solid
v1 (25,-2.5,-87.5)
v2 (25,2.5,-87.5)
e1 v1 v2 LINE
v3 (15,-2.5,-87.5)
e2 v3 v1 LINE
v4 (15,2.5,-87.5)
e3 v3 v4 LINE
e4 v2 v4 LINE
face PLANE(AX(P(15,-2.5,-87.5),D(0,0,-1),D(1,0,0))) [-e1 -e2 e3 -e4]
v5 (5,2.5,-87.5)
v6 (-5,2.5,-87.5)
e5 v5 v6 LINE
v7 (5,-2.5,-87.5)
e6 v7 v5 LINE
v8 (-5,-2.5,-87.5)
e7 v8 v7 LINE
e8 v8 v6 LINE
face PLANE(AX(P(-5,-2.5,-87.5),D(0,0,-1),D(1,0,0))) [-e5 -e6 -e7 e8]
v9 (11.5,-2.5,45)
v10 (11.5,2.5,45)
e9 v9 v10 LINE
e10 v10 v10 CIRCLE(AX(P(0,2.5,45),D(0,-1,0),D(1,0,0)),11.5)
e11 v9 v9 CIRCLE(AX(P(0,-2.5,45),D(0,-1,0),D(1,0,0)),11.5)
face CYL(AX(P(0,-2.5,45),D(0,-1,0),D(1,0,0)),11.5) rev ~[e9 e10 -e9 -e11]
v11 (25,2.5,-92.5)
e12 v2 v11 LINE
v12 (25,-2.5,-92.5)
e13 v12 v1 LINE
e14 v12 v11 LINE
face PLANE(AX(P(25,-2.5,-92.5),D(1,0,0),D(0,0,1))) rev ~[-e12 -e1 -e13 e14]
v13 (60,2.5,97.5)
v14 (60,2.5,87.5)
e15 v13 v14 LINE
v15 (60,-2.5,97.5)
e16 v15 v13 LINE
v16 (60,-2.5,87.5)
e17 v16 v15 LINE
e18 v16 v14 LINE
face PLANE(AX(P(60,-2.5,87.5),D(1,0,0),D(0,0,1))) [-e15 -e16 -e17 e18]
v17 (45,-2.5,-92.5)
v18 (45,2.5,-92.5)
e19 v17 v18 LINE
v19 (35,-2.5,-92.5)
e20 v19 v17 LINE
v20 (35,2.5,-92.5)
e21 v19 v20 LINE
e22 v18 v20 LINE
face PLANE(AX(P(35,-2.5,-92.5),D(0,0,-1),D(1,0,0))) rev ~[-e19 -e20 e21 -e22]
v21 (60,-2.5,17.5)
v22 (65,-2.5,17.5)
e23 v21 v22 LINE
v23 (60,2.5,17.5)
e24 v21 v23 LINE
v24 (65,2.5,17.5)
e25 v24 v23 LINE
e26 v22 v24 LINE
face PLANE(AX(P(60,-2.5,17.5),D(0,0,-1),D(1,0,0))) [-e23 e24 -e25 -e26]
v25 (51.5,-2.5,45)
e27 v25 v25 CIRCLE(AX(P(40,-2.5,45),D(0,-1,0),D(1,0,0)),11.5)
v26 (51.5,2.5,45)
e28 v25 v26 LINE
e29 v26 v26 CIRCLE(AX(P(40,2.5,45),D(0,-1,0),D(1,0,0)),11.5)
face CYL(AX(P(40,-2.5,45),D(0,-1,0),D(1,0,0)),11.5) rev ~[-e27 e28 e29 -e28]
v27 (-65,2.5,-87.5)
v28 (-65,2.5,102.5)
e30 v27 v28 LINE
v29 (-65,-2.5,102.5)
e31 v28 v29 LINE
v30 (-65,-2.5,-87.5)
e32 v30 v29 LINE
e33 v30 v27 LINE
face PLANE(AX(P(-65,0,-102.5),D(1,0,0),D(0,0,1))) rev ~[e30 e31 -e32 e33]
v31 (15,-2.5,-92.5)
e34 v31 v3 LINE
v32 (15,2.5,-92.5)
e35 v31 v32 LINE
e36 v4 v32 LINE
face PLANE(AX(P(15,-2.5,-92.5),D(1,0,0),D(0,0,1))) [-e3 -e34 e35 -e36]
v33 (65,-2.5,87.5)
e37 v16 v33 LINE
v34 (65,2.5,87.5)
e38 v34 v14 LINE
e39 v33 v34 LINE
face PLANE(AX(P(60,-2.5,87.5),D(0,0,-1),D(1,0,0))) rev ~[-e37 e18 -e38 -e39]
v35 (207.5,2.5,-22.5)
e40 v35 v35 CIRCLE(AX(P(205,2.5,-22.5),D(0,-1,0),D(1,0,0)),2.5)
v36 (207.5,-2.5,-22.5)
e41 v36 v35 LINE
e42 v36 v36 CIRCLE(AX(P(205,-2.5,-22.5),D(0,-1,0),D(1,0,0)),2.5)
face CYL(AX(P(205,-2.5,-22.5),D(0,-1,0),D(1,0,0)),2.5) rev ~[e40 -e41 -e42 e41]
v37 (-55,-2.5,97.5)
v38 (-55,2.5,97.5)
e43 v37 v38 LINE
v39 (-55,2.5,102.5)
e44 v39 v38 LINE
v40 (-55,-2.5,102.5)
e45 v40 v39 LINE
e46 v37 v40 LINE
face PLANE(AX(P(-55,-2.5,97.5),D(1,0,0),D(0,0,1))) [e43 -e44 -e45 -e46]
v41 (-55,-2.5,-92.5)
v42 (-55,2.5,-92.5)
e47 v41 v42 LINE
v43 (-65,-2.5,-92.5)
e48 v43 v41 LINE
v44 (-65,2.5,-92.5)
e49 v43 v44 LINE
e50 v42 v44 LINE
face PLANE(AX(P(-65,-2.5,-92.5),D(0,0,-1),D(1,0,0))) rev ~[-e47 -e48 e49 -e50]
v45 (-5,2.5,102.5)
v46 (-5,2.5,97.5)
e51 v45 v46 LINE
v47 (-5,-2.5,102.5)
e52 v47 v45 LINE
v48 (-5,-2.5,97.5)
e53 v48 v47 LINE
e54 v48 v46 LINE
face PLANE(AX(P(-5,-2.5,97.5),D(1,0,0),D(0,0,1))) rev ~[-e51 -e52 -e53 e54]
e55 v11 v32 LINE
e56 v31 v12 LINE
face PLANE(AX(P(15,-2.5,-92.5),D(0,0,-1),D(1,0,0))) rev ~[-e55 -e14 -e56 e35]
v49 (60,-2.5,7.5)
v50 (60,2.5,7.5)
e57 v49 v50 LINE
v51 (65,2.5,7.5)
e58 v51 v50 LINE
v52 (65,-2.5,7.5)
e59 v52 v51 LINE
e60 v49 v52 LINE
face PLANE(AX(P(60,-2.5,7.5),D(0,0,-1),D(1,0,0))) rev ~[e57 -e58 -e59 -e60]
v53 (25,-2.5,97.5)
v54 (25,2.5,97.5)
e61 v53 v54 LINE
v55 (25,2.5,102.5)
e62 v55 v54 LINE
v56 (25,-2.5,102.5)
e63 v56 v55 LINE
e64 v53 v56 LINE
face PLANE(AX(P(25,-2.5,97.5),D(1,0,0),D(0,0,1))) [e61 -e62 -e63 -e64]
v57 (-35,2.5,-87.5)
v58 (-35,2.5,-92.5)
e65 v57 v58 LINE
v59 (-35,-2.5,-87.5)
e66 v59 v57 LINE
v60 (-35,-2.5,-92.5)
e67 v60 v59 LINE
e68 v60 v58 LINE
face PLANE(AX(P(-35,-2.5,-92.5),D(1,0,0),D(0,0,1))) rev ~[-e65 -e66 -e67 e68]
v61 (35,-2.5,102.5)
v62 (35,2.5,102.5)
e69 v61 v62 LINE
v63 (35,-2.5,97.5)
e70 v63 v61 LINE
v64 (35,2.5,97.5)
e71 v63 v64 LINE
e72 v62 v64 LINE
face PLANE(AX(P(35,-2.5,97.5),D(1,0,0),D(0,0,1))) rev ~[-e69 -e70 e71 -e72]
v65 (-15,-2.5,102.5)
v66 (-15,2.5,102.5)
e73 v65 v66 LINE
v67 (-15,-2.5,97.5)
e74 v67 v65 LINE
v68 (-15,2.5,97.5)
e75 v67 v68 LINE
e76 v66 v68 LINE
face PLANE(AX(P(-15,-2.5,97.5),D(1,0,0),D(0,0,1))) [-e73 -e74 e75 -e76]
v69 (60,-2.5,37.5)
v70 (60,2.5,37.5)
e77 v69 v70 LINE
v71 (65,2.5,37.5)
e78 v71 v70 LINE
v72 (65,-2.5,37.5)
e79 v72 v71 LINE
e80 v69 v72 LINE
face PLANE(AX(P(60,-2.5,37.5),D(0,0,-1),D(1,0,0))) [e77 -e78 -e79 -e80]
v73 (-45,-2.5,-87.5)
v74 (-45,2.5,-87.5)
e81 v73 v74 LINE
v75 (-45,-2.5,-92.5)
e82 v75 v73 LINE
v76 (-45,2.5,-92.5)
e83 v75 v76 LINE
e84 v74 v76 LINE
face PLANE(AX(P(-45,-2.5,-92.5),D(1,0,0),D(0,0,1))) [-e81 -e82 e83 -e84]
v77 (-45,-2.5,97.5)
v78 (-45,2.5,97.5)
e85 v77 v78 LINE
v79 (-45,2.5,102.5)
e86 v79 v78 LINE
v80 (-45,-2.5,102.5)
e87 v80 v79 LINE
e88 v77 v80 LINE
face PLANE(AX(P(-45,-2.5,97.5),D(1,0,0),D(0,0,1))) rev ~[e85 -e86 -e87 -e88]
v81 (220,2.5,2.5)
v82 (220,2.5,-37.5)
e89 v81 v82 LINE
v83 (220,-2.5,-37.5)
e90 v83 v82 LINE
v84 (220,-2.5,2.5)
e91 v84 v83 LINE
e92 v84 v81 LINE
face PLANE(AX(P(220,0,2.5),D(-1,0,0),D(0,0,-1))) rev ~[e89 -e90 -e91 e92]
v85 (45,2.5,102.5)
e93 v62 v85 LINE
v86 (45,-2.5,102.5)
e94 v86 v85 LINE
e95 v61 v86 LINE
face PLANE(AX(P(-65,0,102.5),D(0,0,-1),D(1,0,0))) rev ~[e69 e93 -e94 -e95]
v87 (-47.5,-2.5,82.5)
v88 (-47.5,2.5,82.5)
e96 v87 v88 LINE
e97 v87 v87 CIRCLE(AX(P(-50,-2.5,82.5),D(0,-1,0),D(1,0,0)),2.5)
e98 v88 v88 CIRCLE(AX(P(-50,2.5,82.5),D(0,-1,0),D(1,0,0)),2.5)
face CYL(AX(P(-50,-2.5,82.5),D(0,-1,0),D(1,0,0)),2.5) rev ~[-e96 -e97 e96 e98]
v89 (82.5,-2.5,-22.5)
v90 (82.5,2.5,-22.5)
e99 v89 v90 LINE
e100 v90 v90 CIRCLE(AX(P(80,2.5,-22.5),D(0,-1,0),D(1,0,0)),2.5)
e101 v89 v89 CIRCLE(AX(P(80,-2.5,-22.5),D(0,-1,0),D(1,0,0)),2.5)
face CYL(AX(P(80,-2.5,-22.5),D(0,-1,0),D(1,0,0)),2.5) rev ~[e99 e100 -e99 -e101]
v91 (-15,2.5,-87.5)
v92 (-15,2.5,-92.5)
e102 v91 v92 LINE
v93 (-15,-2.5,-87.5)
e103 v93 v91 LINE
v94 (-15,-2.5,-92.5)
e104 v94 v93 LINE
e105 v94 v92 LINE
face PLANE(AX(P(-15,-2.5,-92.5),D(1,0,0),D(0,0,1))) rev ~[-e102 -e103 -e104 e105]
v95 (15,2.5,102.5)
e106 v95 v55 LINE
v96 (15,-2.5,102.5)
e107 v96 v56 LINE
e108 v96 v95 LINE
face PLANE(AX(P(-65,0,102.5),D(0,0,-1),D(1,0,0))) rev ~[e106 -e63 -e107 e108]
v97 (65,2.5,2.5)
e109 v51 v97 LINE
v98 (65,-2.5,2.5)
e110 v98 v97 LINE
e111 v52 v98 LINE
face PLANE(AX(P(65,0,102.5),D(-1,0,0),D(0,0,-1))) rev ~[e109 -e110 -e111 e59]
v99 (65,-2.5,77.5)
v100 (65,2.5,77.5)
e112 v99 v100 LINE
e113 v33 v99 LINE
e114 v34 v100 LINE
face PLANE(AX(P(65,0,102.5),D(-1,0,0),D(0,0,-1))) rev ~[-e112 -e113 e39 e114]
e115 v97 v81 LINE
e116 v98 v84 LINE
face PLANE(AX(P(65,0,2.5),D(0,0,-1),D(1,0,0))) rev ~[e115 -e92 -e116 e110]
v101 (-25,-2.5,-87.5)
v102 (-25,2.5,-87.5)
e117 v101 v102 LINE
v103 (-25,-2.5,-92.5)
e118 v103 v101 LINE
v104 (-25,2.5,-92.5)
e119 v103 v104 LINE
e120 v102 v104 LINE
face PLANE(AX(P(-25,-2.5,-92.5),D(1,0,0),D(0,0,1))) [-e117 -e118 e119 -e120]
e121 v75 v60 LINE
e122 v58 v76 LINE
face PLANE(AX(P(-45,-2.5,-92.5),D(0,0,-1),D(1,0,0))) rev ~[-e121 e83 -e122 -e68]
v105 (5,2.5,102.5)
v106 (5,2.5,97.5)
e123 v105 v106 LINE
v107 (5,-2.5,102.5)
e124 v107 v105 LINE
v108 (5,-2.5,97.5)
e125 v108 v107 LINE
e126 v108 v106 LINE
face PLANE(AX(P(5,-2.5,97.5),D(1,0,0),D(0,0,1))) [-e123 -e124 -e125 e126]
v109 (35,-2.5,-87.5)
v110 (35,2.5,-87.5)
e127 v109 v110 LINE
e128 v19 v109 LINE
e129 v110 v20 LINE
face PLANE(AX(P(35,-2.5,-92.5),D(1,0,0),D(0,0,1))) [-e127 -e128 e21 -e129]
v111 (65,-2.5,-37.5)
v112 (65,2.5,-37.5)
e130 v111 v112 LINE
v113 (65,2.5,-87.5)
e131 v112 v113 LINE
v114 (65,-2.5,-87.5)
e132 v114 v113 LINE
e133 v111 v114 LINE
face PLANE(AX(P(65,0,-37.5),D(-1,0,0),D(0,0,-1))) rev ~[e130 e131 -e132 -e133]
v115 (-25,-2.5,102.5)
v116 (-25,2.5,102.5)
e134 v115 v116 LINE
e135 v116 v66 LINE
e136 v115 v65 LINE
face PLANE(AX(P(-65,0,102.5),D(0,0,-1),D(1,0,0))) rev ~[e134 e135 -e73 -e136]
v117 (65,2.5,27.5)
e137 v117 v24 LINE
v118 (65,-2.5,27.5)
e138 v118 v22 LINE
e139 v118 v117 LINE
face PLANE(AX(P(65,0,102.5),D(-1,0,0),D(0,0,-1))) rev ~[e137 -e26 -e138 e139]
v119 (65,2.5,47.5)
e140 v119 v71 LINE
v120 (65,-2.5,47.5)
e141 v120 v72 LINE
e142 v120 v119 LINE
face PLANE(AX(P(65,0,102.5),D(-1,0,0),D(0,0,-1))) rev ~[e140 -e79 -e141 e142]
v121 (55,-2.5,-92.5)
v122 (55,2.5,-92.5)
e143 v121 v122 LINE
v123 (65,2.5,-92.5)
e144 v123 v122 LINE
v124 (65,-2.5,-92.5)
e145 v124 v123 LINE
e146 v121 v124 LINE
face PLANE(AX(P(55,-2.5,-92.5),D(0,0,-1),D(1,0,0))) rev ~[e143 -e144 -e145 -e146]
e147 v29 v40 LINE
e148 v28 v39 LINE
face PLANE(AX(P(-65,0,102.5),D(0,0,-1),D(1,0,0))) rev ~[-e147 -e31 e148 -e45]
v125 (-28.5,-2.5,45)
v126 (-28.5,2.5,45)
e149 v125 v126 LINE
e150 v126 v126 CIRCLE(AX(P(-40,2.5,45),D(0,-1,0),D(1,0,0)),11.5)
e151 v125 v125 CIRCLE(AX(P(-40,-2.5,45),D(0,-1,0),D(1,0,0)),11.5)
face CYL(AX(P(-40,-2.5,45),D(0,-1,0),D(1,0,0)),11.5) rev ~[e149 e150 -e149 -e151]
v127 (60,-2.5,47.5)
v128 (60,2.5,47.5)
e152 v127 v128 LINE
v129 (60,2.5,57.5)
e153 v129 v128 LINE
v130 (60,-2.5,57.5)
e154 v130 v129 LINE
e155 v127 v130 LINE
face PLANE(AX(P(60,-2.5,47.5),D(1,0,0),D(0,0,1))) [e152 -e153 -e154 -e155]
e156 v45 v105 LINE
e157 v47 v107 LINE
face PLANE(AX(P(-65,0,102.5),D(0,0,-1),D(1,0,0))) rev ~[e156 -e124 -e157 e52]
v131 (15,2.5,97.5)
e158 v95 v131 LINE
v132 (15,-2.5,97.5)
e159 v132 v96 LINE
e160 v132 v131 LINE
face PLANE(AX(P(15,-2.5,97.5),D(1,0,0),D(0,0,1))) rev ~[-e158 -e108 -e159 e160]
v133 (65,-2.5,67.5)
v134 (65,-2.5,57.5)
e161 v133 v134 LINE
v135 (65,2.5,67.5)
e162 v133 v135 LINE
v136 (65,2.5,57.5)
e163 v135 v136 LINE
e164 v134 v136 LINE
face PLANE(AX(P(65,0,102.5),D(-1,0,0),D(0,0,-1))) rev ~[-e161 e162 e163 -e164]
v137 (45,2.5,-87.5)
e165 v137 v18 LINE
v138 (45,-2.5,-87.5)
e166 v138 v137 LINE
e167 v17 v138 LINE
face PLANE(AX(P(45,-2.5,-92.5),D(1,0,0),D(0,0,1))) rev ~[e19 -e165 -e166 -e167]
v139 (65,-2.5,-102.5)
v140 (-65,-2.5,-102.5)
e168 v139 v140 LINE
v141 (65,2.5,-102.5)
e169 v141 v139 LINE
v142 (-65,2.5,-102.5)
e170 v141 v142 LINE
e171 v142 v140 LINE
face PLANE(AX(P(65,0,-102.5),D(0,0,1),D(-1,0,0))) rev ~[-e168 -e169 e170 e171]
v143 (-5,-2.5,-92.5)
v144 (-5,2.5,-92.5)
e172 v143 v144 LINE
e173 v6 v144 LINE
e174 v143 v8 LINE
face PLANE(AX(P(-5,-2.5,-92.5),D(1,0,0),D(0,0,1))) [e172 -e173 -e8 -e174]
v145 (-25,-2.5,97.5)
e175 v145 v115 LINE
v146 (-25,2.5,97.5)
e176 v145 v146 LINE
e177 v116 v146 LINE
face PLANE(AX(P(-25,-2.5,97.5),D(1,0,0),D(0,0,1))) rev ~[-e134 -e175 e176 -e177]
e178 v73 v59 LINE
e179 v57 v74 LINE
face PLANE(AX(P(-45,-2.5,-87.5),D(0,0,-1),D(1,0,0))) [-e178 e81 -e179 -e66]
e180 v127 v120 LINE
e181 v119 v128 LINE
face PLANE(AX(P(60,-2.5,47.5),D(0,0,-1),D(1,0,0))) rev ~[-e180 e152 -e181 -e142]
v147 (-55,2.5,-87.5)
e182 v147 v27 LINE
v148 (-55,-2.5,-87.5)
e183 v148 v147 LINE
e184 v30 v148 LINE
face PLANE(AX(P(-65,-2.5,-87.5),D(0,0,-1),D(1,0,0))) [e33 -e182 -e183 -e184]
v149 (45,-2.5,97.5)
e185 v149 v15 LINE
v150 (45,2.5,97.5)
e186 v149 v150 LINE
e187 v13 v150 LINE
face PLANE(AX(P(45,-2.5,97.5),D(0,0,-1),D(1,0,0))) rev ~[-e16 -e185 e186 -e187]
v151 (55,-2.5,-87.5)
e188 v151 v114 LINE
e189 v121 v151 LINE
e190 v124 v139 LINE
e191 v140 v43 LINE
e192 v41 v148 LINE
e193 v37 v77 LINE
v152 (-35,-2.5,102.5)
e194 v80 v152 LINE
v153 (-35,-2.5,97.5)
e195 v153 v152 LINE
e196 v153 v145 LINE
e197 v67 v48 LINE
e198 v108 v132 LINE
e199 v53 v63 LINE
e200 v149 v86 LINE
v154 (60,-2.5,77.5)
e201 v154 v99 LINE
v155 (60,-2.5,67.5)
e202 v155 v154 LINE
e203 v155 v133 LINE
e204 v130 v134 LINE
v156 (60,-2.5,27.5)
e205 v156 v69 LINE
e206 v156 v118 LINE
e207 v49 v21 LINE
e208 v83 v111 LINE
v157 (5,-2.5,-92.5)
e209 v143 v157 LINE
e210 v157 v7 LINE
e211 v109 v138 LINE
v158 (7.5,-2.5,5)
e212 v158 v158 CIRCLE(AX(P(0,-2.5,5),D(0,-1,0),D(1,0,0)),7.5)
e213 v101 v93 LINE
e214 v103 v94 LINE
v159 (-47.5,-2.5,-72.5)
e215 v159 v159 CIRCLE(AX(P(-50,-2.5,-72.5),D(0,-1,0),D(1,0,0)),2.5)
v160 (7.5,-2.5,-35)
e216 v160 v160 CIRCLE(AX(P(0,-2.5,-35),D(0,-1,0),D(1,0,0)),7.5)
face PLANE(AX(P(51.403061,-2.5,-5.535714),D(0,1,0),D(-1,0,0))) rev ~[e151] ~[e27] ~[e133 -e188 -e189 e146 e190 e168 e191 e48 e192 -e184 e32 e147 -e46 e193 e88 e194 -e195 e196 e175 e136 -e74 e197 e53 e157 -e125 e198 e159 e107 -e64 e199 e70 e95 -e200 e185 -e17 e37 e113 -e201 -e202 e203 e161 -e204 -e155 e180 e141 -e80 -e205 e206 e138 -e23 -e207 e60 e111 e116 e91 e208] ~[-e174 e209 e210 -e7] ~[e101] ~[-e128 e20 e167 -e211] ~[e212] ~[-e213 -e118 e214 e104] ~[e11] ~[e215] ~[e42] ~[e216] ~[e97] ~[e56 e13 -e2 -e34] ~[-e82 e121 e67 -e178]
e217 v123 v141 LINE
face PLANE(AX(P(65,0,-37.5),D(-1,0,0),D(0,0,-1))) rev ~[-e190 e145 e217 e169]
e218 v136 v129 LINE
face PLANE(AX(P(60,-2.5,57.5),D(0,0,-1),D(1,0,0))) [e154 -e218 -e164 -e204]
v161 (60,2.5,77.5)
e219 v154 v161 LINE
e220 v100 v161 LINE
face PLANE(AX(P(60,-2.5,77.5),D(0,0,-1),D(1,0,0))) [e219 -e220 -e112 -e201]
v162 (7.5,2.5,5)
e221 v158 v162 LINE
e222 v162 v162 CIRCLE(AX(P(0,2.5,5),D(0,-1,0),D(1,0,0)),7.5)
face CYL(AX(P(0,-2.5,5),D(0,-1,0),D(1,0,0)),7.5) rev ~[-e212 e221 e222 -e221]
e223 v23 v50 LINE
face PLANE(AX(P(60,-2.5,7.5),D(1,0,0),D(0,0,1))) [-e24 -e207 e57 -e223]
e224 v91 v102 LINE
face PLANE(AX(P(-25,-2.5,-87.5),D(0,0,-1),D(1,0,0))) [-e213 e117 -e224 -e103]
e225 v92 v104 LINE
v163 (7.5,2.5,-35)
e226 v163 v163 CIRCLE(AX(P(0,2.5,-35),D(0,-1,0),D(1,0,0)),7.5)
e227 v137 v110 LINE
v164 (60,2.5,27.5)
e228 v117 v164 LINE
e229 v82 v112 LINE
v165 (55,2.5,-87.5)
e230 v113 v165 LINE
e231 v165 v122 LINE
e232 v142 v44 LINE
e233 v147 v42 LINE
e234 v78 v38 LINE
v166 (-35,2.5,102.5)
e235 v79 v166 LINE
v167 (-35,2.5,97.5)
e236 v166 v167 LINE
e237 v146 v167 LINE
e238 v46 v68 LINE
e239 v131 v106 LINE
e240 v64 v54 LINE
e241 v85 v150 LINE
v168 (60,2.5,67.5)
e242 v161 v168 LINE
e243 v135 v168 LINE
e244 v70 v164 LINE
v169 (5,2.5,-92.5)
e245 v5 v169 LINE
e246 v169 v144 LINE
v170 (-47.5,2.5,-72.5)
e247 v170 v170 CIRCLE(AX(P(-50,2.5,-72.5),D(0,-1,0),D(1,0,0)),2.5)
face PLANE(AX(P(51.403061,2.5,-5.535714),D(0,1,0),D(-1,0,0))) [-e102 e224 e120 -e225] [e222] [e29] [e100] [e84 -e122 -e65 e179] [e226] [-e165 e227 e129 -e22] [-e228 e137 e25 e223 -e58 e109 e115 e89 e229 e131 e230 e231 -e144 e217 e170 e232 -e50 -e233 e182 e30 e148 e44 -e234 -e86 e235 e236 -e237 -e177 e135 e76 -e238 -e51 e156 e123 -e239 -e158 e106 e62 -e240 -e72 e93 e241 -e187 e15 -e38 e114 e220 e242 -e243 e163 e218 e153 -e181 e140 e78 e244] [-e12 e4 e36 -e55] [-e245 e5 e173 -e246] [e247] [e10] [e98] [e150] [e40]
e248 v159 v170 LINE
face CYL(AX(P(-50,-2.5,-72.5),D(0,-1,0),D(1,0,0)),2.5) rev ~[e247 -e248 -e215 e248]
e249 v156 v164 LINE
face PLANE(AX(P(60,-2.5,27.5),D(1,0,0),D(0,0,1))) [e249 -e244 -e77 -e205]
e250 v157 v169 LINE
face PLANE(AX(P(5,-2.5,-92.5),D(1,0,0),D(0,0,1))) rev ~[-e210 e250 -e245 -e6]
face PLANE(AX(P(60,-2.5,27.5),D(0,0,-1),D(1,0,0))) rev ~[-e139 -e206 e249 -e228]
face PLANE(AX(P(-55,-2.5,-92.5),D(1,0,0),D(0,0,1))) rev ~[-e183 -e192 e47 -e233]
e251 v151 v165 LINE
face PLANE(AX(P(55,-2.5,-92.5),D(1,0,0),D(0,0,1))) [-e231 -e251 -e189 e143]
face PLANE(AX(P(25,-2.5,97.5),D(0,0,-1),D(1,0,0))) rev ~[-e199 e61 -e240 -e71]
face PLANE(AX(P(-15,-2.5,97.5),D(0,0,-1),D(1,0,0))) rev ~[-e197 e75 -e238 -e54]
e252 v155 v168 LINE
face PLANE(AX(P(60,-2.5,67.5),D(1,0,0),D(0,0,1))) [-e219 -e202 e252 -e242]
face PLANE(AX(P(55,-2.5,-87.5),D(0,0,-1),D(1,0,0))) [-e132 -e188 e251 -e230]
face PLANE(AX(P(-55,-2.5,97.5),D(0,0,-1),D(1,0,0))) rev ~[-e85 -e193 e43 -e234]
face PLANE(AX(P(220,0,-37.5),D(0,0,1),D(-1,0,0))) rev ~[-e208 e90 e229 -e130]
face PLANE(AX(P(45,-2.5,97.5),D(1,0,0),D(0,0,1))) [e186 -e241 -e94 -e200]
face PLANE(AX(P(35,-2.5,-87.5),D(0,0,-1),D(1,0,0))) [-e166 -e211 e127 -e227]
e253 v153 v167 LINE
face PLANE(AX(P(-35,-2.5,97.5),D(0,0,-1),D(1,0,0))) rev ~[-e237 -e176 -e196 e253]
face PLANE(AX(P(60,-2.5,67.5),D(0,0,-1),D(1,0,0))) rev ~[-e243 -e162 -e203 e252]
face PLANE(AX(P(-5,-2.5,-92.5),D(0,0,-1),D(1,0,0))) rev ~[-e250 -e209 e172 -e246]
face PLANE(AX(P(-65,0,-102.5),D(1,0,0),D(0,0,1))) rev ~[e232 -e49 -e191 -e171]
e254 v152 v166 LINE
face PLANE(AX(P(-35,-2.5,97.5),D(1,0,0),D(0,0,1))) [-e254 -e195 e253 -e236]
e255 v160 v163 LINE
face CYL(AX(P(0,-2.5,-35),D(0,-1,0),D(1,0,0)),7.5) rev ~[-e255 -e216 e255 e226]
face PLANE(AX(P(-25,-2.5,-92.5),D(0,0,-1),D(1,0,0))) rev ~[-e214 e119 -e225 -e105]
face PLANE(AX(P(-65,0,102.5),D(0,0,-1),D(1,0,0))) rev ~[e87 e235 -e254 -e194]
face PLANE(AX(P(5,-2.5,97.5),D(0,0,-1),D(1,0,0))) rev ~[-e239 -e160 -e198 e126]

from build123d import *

# Parameters (mm, degrees)
PAD_DEPTH       = 2.5
SKETCH001_W     = 10
SKETCH001_H     = 5
POCKET_DEPTH    = 5.001
SKETCH002_R     = 2.5
POCKET001_DEPTH = 5.001
SKETCH003_W     = 10
SKETCH003_H     = 5
SKETCH003_W_2   = 20
POCKET002_DEPTH = 5.001
SKETCH004_W     = 5
SKETCH004_H     = 10
POCKET003_DEPTH = 5.001
SKETCH005_R     = 11.5
POCKET004_DEPTH = 5.001
SKETCH006_R     = 7.5
POCKET005_DEPTH = 5.001


with BuildPart() as part:
    # Sketch → Pad (new body, symmetric)
    with BuildSketch(Plane.XZ):
        Polygon((-65, 102.5), (65, 102.5), (65, 2.5), (220, 2.5), (220, -37.5), (65, -37.5), (65, -102.5), (-65, -102.5), align=None)
    extrude(amount=PAD_DEPTH, both=True)

    # Sketch001 (on Face10 of Pad) → Pocket (cut, through all)
    with BuildSketch(Plane.XZ.offset(2.5)):
        with Locations((-60, -90)):
            Rectangle(SKETCH001_W, SKETCH001_H)
        with Locations((-40, -90)):
            Rectangle(SKETCH001_W, SKETCH001_H)
        with Locations((-20, -90)):
            Rectangle(SKETCH001_W, SKETCH001_H)
        with Locations((0, -90)):
            Rectangle(SKETCH001_W, SKETCH001_H)
        with Locations((20, -90)):
            Rectangle(SKETCH001_W, SKETCH001_H)
        with Locations((40, -90)):
            Rectangle(SKETCH001_W, SKETCH001_H)
        with Locations((60, -90)):
            Rectangle(SKETCH001_W, SKETCH001_H)
    extrude(amount=-POCKET_DEPTH, mode=Mode.SUBTRACT)

    # Sketch002 (on Face5 of Pocket) → Pocket001 (cut, through all)
    with BuildSketch(Plane.XZ.offset(2.5)):
        with Locations((-50, 82.5)):
            Circle(SKETCH002_R)
        with Locations((-50, -72.5)):
            Circle(SKETCH002_R)
        with Locations((80, -22.5)):
            Circle(SKETCH002_R)
        with Locations((205, -22.5)):
            Circle(SKETCH002_R)
    extrude(amount=-POCKET001_DEPTH, mode=Mode.SUBTRACT)

    # Sketch003 (on Face5 of Pocket001) → Pocket002 (cut, through all)
    with BuildSketch(Plane.XZ.offset(2.5)):
        with Locations((-50, 100)):
            Rectangle(SKETCH003_W, SKETCH003_H)
        with Locations((-30, 100)):
            Rectangle(SKETCH003_W, SKETCH003_H)
        with Locations((-10, 100)):
            Rectangle(SKETCH003_W, SKETCH003_H)
        with Locations((10, 100)):
            Rectangle(SKETCH003_W, SKETCH003_H)
        with Locations((30, 100)):
            Rectangle(SKETCH003_W, SKETCH003_H)
        with Locations((55, 100)):
            Rectangle(SKETCH003_W_2, SKETCH003_H)
    extrude(amount=-POCKET002_DEPTH, mode=Mode.SUBTRACT)

    # Sketch004 (on Face4 of Pocket002) → Pocket003 (cut, through all)
    with BuildSketch(Plane.XZ.offset(2.5)):
        with Locations((62.5, 92.5)):
            Rectangle(SKETCH004_W, SKETCH004_H)
        with Locations((62.5, 72.5)):
            Rectangle(SKETCH004_W, SKETCH004_H)
        with Locations((62.5, 52.5)):
            Rectangle(SKETCH004_W, SKETCH004_H)
        with Locations((62.5, 32.5)):
            Rectangle(SKETCH004_W, SKETCH004_H)
        with Locations((62.5, 12.5)):
            Rectangle(SKETCH004_W, SKETCH004_H)
    extrude(amount=-POCKET003_DEPTH, mode=Mode.SUBTRACT)

    # Sketch005 (on Face4 of Pocket003) → Pocket004 (cut, through all)
    with BuildSketch(Plane.XZ.offset(2.5)):
        with Locations((-40, 45)):
            Circle(SKETCH005_R)
        with Locations((0, 45)):
            Circle(SKETCH005_R)
        with Locations((40, 45)):
            Circle(SKETCH005_R)
    extrude(amount=-POCKET004_DEPTH, mode=Mode.SUBTRACT)

    # Sketch006 (on Face4 of Pocket004) → Pocket005 (cut, through all)
    with BuildSketch(Plane.XZ.offset(2.5)):
        with Locations((0, 5)):
            Circle(SKETCH006_R)
        with Locations((0, -35)):
            Circle(SKETCH006_R)
    extrude(amount=-POCKET005_DEPTH, mode=Mode.SUBTRACT)


solid = part.part
